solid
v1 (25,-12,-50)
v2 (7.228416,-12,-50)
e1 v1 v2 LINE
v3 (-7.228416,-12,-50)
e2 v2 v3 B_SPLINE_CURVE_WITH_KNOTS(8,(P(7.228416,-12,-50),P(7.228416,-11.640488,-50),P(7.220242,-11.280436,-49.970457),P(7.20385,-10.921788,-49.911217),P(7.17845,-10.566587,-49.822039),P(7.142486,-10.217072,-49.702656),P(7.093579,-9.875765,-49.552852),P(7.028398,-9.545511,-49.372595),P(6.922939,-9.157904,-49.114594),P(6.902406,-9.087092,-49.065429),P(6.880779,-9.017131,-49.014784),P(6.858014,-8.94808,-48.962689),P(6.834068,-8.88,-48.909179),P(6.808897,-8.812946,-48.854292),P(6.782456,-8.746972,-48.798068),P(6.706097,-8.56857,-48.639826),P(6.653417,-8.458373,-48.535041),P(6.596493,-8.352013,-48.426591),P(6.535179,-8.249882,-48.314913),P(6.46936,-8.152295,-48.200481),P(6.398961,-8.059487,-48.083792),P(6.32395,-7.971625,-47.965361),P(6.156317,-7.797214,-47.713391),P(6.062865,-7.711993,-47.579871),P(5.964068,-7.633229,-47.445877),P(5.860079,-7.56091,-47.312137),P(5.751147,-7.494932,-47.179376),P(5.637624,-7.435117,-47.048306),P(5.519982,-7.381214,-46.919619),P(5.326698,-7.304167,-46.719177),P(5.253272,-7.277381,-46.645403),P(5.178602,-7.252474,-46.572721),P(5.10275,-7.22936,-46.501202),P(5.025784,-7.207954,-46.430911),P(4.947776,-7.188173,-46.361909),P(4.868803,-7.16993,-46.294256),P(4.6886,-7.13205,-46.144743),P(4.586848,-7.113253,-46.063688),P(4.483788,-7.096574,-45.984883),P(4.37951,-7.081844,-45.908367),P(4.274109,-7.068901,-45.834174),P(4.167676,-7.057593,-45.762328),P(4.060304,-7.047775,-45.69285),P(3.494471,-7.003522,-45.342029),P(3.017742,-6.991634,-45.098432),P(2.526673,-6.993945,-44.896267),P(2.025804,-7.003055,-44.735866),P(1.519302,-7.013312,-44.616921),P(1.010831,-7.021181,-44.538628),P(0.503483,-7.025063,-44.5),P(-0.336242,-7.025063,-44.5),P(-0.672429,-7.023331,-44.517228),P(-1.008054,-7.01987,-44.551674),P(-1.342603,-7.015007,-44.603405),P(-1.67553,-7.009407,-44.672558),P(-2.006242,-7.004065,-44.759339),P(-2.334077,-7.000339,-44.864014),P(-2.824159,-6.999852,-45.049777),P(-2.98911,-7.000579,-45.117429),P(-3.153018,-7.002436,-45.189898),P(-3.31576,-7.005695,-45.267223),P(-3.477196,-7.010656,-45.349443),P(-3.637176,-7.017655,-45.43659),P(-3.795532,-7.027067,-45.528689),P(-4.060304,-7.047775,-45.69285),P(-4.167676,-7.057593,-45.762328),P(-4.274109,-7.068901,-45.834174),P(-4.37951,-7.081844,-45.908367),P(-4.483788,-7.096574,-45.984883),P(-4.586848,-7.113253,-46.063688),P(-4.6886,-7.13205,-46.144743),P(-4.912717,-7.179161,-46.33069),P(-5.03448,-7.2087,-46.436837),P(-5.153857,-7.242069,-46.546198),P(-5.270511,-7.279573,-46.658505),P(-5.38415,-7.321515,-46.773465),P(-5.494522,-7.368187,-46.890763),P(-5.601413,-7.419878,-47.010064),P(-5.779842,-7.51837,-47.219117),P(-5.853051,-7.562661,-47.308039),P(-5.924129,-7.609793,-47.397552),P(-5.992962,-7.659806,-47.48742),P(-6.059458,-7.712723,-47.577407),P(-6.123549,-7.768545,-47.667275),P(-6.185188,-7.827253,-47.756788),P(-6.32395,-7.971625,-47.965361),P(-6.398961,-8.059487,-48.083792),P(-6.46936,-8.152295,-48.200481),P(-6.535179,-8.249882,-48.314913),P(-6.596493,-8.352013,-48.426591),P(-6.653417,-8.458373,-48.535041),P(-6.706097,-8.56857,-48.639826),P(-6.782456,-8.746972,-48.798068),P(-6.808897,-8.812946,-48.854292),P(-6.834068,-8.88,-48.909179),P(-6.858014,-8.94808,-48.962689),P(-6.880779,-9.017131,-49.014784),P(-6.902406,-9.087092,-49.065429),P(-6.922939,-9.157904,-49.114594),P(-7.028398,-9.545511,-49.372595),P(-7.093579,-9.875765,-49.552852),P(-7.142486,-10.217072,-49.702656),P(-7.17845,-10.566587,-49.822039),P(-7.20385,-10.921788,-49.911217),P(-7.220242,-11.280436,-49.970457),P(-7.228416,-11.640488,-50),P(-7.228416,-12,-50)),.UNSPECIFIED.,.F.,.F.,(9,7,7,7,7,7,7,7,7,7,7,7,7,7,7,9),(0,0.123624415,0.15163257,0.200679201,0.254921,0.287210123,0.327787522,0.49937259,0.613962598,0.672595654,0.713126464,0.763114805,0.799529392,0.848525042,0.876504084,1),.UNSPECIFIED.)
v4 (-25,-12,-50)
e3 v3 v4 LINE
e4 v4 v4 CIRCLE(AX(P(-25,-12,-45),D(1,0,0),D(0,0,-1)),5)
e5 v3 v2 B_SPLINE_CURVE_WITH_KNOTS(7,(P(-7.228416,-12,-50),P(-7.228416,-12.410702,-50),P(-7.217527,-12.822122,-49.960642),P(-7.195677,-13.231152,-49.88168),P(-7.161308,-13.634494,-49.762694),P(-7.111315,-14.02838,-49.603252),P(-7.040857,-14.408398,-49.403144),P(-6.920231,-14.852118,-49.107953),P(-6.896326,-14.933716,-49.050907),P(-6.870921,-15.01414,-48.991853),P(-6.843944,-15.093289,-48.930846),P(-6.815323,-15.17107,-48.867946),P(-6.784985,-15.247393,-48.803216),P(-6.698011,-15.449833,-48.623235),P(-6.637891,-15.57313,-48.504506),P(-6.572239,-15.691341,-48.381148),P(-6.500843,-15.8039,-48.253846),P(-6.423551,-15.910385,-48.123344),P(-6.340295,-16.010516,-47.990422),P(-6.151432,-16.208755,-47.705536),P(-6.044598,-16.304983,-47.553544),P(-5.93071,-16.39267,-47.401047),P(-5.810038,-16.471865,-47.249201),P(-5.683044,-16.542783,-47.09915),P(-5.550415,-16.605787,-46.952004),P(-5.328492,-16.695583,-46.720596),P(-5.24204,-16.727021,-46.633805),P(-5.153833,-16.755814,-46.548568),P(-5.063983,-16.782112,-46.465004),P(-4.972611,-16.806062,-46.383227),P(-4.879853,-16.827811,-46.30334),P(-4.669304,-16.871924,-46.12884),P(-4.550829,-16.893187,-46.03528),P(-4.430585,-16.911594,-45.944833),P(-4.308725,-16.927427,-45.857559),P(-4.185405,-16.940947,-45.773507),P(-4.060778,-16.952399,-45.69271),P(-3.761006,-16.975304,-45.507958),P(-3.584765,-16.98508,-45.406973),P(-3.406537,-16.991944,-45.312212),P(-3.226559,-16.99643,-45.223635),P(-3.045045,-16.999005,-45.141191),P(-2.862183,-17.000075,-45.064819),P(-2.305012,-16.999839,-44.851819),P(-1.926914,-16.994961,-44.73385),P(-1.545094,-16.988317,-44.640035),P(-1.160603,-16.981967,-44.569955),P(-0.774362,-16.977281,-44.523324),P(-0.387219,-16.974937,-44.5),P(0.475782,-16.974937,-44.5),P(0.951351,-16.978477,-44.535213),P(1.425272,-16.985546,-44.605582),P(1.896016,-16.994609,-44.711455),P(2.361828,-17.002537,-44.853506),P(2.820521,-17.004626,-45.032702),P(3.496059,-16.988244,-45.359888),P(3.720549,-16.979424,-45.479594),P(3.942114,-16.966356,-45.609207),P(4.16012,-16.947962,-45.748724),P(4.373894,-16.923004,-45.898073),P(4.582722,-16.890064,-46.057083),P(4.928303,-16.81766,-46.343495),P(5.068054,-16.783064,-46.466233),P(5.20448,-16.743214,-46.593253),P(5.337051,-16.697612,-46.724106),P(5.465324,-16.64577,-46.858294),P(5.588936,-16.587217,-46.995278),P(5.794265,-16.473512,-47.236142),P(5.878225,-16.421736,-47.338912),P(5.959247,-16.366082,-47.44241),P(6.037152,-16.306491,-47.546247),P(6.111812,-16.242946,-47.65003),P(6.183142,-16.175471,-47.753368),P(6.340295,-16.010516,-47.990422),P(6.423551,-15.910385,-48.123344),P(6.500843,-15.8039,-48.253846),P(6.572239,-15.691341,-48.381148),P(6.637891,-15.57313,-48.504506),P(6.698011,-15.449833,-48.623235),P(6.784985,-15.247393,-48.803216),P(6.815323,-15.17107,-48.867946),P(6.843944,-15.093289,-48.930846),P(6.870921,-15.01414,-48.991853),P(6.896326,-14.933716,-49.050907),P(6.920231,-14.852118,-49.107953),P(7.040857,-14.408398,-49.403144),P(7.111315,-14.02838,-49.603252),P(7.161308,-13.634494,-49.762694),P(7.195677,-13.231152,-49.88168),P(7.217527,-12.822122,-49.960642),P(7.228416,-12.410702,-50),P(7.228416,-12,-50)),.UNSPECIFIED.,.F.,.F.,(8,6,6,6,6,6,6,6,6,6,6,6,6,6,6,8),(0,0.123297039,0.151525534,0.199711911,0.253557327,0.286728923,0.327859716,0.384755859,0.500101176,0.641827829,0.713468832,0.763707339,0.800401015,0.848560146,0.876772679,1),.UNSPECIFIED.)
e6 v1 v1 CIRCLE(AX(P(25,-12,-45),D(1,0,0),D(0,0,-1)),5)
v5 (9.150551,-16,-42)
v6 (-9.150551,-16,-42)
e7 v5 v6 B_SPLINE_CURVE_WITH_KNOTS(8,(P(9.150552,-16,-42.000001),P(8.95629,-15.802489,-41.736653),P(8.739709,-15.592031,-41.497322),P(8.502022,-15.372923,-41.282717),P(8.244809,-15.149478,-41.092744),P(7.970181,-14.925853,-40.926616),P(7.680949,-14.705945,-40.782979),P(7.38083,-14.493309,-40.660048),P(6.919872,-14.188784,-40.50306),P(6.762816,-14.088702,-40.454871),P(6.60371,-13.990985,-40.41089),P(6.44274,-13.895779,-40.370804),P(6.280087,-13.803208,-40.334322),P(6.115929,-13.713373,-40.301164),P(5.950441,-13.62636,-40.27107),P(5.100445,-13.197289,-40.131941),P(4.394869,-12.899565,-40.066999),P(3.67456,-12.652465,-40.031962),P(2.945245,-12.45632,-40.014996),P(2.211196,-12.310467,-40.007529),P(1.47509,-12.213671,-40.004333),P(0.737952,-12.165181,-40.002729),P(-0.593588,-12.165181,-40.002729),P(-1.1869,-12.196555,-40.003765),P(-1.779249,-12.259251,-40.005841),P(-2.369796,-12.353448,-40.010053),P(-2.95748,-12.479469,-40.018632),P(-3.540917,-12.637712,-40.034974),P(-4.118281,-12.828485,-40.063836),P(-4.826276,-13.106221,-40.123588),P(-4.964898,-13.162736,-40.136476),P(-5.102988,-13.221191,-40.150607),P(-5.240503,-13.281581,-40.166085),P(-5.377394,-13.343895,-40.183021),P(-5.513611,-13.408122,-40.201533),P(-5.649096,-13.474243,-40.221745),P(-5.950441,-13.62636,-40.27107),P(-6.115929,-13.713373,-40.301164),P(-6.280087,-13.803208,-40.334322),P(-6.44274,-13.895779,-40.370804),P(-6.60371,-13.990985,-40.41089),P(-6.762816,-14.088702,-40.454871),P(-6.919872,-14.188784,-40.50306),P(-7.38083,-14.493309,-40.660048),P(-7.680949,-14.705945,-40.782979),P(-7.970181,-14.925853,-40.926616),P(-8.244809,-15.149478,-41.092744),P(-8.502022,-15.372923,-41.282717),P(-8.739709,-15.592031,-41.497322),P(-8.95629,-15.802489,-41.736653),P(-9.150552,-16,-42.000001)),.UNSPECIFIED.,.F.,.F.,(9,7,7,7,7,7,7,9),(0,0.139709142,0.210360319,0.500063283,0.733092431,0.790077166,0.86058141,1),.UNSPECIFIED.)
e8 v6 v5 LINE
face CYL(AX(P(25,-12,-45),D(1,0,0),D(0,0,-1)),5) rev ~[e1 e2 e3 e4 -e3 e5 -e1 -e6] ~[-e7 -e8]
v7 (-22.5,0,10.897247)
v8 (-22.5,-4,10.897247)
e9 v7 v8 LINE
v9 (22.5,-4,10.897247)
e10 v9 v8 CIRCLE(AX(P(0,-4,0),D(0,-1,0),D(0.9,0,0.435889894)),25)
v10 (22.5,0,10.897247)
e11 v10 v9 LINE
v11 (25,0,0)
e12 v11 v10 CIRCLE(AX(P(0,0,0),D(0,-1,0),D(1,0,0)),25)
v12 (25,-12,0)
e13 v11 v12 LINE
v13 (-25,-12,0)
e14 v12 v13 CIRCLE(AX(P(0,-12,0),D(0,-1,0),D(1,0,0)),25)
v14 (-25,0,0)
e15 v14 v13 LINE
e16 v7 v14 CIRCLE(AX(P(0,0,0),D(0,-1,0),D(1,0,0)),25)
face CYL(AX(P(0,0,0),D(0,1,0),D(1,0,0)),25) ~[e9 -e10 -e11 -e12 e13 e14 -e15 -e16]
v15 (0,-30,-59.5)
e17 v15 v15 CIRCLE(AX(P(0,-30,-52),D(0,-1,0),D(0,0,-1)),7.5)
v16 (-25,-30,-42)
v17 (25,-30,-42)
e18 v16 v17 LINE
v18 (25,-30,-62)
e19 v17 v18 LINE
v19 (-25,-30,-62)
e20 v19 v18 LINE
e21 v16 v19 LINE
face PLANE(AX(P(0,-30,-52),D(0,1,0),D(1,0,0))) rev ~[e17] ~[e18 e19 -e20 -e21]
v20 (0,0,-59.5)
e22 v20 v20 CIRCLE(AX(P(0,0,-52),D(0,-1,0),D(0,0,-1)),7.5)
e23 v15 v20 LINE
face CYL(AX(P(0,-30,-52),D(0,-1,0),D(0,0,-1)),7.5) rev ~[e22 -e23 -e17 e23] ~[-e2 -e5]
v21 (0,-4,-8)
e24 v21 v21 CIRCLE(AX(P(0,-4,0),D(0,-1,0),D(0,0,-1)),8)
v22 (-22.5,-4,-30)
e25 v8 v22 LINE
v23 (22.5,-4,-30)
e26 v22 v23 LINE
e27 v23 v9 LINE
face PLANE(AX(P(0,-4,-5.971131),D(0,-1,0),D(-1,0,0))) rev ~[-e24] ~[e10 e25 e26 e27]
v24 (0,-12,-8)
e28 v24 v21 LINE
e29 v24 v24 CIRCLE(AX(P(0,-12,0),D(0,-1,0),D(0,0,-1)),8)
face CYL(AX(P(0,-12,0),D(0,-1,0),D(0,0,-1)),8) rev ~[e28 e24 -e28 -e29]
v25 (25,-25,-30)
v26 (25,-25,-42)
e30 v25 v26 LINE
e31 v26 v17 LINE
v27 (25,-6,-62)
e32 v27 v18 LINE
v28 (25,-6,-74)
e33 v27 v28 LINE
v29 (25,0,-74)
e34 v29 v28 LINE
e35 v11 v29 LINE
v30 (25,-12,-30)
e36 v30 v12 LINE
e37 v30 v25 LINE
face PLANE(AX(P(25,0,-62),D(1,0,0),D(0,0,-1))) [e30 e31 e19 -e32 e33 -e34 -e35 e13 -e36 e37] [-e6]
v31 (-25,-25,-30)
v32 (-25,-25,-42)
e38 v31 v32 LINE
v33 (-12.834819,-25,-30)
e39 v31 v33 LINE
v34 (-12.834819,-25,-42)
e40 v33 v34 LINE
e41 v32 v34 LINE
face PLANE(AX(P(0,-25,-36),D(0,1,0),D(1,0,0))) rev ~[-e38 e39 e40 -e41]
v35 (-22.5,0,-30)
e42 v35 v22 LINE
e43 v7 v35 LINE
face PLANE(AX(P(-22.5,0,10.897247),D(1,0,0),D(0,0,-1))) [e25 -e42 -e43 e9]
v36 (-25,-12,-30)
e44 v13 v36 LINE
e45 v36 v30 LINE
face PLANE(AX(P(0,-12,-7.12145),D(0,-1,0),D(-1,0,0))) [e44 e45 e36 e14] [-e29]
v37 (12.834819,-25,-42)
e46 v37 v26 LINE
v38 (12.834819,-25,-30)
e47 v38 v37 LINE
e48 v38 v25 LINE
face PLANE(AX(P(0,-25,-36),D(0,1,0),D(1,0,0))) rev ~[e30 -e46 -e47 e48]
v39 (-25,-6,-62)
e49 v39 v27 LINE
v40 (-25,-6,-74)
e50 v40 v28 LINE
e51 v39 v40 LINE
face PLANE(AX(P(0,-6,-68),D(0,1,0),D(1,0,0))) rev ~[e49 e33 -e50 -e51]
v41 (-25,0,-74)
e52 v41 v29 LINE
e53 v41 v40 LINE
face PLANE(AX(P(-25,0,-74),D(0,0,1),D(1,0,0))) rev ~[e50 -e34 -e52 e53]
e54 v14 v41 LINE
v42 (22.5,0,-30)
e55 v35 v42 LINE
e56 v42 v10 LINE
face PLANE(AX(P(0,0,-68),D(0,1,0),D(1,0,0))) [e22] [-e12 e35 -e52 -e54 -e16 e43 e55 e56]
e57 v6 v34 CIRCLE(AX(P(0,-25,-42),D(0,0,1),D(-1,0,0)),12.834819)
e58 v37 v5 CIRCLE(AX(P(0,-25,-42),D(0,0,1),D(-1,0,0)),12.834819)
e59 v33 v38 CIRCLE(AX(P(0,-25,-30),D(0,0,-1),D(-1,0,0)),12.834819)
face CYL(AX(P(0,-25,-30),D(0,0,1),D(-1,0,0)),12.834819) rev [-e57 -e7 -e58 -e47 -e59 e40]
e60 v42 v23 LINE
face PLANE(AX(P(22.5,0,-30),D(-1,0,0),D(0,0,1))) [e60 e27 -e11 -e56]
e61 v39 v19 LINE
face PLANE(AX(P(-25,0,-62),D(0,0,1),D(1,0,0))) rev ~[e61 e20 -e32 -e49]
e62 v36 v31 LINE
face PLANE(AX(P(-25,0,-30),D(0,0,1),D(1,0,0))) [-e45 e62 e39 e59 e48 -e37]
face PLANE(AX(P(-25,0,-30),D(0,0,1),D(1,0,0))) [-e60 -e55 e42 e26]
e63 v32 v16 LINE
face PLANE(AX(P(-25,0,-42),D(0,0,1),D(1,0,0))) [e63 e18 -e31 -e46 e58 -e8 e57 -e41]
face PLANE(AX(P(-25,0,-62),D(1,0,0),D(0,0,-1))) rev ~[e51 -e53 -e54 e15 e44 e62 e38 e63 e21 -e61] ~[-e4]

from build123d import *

# Parameters (mm, degrees)
BOSS_EXTRU_1_DEPTH      = 12
ENL_V_MAT_EXTRU_1_DEPTH = 4
ESQUISSE3_R             = 8
ENL_V_MAT_EXTRU_2_DEPTH = 41.853396432
ESQUISSE4_W             = 50
ESQUISSE4_H             = 12
BOSS_EXTRU_2_DEPTH      = 25
ENL_V_MAT_EXTRU_3_DEPTH = 66.383484153
ESQUISSE7_W             = 50
ESQUISSE7_H             = 20
BOSS_EXTRU_3_DEPTH      = 30
ESQUISSE9_W             = 50
ESQUISSE9_H             = 12
BOSS_EXTRU_4_DEPTH      = 6
ESQUISSE10_R            = 5
ENL_V_MAT_EXTRU_4_DEPTH = 95.212525707
ESQUISSE11_R            = 7.5
ENL_V_MAT_EXTRU_5_DEPTH = 84.671978613


with BuildPart() as part:
    # Esquisse1 → Boss.-Extru.1 (new body)
    with BuildSketch(Plane(origin=(0, 0, 0), x_dir=(1, 0, 0), z_dir=(0, 1, 0))):
        with BuildLine():
            Line((-25, 0), (-25, 30))
            Line((-25, 30), (25, 30))
            Line((25, 30), (25, 0))
            ThreePointArc((25, 0), (0, -25), (-25, 0))
        make_face()
    extrude(amount=-BOSS_EXTRU_1_DEPTH)

    # Esquisse2 → Enlèv. mat.-Extru.1 (cut)
    with BuildSketch(Plane(origin=(0, 0, 0), x_dir=(1, 0, 0), z_dir=(0, 1, 0))):
        with BuildLine():
            Line((-22.5, 30), (22.5, 30))
            Line((22.5, 30), (22.5, -10.897247359))
            ThreePointArc((22.5, -10.897247359), (0, -25), (-22.5, -10.897247359))
            Line((-22.5, -10.897247359), (-22.5, 30))
        make_face()
    extrude(amount=-ENL_V_MAT_EXTRU_1_DEPTH, mode=Mode.SUBTRACT)

    # Esquisse3 → Enlèv. mat.-Extru.2 (cut, through all)
    with BuildSketch(Plane.XZ.offset(12)):
        with Locations(Location((0, 0, 0), (0, 0, 270))):
            Circle(ESQUISSE3_R)
    extrude(amount=-ENL_V_MAT_EXTRU_2_DEPTH, mode=Mode.SUBTRACT)

    # Esquisse4 → Boss.-Extru.2 (add)
    with BuildSketch(Plane(origin=(0, 0, 0), x_dir=(1, 0, 0), z_dir=(0, 1, 0))):
        with Locations((0, 36)):
            Rectangle(ESQUISSE4_W, ESQUISSE4_H)
    extrude(amount=-BOSS_EXTRU_2_DEPTH)

    # Esquisse5 → Enlèv. mat.-Extru.3 (cut, through all)
    with BuildSketch(Plane.XY.offset(-30)):
        with BuildLine():
            Line((12.834819399, -25), (-12.834819399, -25))
            ThreePointArc((-12.834819399, -25), (0, -12.165180601), (12.834819399, -25))
        make_face()
    extrude(amount=-ENL_V_MAT_EXTRU_3_DEPTH, mode=Mode.SUBTRACT)

    # Esquisse7 → Boss.-Extru.3 (add)
    with BuildSketch(Plane(origin=(0, 0, 0), x_dir=(1, 0, 0), z_dir=(0, 1, 0))):
        with Locations((0, 52)):
            Rectangle(ESQUISSE7_W, ESQUISSE7_H)
    extrude(amount=-BOSS_EXTRU_3_DEPTH)

    # Esquisse9 → Boss.-Extru.4 (add)
    with BuildSketch(Plane(origin=(0, 0, 0), x_dir=(1, 0, 0), z_dir=(0, 1, 0))):
        with Locations((0, 68)):
            Rectangle(ESQUISSE9_W, ESQUISSE9_H)
    extrude(amount=-BOSS_EXTRU_4_DEPTH)

    # Esquisse10 → Enlèv. mat.-Extru.4 (cut, through all)
    with BuildSketch(Plane(origin=(25, 0, 0), x_dir=(0, 0, -1), z_dir=(1, 0, 0))):
        with Locations((45, -12)):
            Circle(ESQUISSE10_R)
    extrude(amount=-ENL_V_MAT_EXTRU_4_DEPTH, mode=Mode.SUBTRACT)

    # Esquisse11 → Enlèv. mat.-Extru.5 (cut, through all)
    with BuildSketch(Plane.XZ.offset(30)):
        with Locations(Location((0, -52, 0), (0, 0, 270))):
            Circle(ESQUISSE11_R)
    extrude(amount=-ENL_V_MAT_EXTRU_5_DEPTH, mode=Mode.SUBTRACT)


solid = part.part
